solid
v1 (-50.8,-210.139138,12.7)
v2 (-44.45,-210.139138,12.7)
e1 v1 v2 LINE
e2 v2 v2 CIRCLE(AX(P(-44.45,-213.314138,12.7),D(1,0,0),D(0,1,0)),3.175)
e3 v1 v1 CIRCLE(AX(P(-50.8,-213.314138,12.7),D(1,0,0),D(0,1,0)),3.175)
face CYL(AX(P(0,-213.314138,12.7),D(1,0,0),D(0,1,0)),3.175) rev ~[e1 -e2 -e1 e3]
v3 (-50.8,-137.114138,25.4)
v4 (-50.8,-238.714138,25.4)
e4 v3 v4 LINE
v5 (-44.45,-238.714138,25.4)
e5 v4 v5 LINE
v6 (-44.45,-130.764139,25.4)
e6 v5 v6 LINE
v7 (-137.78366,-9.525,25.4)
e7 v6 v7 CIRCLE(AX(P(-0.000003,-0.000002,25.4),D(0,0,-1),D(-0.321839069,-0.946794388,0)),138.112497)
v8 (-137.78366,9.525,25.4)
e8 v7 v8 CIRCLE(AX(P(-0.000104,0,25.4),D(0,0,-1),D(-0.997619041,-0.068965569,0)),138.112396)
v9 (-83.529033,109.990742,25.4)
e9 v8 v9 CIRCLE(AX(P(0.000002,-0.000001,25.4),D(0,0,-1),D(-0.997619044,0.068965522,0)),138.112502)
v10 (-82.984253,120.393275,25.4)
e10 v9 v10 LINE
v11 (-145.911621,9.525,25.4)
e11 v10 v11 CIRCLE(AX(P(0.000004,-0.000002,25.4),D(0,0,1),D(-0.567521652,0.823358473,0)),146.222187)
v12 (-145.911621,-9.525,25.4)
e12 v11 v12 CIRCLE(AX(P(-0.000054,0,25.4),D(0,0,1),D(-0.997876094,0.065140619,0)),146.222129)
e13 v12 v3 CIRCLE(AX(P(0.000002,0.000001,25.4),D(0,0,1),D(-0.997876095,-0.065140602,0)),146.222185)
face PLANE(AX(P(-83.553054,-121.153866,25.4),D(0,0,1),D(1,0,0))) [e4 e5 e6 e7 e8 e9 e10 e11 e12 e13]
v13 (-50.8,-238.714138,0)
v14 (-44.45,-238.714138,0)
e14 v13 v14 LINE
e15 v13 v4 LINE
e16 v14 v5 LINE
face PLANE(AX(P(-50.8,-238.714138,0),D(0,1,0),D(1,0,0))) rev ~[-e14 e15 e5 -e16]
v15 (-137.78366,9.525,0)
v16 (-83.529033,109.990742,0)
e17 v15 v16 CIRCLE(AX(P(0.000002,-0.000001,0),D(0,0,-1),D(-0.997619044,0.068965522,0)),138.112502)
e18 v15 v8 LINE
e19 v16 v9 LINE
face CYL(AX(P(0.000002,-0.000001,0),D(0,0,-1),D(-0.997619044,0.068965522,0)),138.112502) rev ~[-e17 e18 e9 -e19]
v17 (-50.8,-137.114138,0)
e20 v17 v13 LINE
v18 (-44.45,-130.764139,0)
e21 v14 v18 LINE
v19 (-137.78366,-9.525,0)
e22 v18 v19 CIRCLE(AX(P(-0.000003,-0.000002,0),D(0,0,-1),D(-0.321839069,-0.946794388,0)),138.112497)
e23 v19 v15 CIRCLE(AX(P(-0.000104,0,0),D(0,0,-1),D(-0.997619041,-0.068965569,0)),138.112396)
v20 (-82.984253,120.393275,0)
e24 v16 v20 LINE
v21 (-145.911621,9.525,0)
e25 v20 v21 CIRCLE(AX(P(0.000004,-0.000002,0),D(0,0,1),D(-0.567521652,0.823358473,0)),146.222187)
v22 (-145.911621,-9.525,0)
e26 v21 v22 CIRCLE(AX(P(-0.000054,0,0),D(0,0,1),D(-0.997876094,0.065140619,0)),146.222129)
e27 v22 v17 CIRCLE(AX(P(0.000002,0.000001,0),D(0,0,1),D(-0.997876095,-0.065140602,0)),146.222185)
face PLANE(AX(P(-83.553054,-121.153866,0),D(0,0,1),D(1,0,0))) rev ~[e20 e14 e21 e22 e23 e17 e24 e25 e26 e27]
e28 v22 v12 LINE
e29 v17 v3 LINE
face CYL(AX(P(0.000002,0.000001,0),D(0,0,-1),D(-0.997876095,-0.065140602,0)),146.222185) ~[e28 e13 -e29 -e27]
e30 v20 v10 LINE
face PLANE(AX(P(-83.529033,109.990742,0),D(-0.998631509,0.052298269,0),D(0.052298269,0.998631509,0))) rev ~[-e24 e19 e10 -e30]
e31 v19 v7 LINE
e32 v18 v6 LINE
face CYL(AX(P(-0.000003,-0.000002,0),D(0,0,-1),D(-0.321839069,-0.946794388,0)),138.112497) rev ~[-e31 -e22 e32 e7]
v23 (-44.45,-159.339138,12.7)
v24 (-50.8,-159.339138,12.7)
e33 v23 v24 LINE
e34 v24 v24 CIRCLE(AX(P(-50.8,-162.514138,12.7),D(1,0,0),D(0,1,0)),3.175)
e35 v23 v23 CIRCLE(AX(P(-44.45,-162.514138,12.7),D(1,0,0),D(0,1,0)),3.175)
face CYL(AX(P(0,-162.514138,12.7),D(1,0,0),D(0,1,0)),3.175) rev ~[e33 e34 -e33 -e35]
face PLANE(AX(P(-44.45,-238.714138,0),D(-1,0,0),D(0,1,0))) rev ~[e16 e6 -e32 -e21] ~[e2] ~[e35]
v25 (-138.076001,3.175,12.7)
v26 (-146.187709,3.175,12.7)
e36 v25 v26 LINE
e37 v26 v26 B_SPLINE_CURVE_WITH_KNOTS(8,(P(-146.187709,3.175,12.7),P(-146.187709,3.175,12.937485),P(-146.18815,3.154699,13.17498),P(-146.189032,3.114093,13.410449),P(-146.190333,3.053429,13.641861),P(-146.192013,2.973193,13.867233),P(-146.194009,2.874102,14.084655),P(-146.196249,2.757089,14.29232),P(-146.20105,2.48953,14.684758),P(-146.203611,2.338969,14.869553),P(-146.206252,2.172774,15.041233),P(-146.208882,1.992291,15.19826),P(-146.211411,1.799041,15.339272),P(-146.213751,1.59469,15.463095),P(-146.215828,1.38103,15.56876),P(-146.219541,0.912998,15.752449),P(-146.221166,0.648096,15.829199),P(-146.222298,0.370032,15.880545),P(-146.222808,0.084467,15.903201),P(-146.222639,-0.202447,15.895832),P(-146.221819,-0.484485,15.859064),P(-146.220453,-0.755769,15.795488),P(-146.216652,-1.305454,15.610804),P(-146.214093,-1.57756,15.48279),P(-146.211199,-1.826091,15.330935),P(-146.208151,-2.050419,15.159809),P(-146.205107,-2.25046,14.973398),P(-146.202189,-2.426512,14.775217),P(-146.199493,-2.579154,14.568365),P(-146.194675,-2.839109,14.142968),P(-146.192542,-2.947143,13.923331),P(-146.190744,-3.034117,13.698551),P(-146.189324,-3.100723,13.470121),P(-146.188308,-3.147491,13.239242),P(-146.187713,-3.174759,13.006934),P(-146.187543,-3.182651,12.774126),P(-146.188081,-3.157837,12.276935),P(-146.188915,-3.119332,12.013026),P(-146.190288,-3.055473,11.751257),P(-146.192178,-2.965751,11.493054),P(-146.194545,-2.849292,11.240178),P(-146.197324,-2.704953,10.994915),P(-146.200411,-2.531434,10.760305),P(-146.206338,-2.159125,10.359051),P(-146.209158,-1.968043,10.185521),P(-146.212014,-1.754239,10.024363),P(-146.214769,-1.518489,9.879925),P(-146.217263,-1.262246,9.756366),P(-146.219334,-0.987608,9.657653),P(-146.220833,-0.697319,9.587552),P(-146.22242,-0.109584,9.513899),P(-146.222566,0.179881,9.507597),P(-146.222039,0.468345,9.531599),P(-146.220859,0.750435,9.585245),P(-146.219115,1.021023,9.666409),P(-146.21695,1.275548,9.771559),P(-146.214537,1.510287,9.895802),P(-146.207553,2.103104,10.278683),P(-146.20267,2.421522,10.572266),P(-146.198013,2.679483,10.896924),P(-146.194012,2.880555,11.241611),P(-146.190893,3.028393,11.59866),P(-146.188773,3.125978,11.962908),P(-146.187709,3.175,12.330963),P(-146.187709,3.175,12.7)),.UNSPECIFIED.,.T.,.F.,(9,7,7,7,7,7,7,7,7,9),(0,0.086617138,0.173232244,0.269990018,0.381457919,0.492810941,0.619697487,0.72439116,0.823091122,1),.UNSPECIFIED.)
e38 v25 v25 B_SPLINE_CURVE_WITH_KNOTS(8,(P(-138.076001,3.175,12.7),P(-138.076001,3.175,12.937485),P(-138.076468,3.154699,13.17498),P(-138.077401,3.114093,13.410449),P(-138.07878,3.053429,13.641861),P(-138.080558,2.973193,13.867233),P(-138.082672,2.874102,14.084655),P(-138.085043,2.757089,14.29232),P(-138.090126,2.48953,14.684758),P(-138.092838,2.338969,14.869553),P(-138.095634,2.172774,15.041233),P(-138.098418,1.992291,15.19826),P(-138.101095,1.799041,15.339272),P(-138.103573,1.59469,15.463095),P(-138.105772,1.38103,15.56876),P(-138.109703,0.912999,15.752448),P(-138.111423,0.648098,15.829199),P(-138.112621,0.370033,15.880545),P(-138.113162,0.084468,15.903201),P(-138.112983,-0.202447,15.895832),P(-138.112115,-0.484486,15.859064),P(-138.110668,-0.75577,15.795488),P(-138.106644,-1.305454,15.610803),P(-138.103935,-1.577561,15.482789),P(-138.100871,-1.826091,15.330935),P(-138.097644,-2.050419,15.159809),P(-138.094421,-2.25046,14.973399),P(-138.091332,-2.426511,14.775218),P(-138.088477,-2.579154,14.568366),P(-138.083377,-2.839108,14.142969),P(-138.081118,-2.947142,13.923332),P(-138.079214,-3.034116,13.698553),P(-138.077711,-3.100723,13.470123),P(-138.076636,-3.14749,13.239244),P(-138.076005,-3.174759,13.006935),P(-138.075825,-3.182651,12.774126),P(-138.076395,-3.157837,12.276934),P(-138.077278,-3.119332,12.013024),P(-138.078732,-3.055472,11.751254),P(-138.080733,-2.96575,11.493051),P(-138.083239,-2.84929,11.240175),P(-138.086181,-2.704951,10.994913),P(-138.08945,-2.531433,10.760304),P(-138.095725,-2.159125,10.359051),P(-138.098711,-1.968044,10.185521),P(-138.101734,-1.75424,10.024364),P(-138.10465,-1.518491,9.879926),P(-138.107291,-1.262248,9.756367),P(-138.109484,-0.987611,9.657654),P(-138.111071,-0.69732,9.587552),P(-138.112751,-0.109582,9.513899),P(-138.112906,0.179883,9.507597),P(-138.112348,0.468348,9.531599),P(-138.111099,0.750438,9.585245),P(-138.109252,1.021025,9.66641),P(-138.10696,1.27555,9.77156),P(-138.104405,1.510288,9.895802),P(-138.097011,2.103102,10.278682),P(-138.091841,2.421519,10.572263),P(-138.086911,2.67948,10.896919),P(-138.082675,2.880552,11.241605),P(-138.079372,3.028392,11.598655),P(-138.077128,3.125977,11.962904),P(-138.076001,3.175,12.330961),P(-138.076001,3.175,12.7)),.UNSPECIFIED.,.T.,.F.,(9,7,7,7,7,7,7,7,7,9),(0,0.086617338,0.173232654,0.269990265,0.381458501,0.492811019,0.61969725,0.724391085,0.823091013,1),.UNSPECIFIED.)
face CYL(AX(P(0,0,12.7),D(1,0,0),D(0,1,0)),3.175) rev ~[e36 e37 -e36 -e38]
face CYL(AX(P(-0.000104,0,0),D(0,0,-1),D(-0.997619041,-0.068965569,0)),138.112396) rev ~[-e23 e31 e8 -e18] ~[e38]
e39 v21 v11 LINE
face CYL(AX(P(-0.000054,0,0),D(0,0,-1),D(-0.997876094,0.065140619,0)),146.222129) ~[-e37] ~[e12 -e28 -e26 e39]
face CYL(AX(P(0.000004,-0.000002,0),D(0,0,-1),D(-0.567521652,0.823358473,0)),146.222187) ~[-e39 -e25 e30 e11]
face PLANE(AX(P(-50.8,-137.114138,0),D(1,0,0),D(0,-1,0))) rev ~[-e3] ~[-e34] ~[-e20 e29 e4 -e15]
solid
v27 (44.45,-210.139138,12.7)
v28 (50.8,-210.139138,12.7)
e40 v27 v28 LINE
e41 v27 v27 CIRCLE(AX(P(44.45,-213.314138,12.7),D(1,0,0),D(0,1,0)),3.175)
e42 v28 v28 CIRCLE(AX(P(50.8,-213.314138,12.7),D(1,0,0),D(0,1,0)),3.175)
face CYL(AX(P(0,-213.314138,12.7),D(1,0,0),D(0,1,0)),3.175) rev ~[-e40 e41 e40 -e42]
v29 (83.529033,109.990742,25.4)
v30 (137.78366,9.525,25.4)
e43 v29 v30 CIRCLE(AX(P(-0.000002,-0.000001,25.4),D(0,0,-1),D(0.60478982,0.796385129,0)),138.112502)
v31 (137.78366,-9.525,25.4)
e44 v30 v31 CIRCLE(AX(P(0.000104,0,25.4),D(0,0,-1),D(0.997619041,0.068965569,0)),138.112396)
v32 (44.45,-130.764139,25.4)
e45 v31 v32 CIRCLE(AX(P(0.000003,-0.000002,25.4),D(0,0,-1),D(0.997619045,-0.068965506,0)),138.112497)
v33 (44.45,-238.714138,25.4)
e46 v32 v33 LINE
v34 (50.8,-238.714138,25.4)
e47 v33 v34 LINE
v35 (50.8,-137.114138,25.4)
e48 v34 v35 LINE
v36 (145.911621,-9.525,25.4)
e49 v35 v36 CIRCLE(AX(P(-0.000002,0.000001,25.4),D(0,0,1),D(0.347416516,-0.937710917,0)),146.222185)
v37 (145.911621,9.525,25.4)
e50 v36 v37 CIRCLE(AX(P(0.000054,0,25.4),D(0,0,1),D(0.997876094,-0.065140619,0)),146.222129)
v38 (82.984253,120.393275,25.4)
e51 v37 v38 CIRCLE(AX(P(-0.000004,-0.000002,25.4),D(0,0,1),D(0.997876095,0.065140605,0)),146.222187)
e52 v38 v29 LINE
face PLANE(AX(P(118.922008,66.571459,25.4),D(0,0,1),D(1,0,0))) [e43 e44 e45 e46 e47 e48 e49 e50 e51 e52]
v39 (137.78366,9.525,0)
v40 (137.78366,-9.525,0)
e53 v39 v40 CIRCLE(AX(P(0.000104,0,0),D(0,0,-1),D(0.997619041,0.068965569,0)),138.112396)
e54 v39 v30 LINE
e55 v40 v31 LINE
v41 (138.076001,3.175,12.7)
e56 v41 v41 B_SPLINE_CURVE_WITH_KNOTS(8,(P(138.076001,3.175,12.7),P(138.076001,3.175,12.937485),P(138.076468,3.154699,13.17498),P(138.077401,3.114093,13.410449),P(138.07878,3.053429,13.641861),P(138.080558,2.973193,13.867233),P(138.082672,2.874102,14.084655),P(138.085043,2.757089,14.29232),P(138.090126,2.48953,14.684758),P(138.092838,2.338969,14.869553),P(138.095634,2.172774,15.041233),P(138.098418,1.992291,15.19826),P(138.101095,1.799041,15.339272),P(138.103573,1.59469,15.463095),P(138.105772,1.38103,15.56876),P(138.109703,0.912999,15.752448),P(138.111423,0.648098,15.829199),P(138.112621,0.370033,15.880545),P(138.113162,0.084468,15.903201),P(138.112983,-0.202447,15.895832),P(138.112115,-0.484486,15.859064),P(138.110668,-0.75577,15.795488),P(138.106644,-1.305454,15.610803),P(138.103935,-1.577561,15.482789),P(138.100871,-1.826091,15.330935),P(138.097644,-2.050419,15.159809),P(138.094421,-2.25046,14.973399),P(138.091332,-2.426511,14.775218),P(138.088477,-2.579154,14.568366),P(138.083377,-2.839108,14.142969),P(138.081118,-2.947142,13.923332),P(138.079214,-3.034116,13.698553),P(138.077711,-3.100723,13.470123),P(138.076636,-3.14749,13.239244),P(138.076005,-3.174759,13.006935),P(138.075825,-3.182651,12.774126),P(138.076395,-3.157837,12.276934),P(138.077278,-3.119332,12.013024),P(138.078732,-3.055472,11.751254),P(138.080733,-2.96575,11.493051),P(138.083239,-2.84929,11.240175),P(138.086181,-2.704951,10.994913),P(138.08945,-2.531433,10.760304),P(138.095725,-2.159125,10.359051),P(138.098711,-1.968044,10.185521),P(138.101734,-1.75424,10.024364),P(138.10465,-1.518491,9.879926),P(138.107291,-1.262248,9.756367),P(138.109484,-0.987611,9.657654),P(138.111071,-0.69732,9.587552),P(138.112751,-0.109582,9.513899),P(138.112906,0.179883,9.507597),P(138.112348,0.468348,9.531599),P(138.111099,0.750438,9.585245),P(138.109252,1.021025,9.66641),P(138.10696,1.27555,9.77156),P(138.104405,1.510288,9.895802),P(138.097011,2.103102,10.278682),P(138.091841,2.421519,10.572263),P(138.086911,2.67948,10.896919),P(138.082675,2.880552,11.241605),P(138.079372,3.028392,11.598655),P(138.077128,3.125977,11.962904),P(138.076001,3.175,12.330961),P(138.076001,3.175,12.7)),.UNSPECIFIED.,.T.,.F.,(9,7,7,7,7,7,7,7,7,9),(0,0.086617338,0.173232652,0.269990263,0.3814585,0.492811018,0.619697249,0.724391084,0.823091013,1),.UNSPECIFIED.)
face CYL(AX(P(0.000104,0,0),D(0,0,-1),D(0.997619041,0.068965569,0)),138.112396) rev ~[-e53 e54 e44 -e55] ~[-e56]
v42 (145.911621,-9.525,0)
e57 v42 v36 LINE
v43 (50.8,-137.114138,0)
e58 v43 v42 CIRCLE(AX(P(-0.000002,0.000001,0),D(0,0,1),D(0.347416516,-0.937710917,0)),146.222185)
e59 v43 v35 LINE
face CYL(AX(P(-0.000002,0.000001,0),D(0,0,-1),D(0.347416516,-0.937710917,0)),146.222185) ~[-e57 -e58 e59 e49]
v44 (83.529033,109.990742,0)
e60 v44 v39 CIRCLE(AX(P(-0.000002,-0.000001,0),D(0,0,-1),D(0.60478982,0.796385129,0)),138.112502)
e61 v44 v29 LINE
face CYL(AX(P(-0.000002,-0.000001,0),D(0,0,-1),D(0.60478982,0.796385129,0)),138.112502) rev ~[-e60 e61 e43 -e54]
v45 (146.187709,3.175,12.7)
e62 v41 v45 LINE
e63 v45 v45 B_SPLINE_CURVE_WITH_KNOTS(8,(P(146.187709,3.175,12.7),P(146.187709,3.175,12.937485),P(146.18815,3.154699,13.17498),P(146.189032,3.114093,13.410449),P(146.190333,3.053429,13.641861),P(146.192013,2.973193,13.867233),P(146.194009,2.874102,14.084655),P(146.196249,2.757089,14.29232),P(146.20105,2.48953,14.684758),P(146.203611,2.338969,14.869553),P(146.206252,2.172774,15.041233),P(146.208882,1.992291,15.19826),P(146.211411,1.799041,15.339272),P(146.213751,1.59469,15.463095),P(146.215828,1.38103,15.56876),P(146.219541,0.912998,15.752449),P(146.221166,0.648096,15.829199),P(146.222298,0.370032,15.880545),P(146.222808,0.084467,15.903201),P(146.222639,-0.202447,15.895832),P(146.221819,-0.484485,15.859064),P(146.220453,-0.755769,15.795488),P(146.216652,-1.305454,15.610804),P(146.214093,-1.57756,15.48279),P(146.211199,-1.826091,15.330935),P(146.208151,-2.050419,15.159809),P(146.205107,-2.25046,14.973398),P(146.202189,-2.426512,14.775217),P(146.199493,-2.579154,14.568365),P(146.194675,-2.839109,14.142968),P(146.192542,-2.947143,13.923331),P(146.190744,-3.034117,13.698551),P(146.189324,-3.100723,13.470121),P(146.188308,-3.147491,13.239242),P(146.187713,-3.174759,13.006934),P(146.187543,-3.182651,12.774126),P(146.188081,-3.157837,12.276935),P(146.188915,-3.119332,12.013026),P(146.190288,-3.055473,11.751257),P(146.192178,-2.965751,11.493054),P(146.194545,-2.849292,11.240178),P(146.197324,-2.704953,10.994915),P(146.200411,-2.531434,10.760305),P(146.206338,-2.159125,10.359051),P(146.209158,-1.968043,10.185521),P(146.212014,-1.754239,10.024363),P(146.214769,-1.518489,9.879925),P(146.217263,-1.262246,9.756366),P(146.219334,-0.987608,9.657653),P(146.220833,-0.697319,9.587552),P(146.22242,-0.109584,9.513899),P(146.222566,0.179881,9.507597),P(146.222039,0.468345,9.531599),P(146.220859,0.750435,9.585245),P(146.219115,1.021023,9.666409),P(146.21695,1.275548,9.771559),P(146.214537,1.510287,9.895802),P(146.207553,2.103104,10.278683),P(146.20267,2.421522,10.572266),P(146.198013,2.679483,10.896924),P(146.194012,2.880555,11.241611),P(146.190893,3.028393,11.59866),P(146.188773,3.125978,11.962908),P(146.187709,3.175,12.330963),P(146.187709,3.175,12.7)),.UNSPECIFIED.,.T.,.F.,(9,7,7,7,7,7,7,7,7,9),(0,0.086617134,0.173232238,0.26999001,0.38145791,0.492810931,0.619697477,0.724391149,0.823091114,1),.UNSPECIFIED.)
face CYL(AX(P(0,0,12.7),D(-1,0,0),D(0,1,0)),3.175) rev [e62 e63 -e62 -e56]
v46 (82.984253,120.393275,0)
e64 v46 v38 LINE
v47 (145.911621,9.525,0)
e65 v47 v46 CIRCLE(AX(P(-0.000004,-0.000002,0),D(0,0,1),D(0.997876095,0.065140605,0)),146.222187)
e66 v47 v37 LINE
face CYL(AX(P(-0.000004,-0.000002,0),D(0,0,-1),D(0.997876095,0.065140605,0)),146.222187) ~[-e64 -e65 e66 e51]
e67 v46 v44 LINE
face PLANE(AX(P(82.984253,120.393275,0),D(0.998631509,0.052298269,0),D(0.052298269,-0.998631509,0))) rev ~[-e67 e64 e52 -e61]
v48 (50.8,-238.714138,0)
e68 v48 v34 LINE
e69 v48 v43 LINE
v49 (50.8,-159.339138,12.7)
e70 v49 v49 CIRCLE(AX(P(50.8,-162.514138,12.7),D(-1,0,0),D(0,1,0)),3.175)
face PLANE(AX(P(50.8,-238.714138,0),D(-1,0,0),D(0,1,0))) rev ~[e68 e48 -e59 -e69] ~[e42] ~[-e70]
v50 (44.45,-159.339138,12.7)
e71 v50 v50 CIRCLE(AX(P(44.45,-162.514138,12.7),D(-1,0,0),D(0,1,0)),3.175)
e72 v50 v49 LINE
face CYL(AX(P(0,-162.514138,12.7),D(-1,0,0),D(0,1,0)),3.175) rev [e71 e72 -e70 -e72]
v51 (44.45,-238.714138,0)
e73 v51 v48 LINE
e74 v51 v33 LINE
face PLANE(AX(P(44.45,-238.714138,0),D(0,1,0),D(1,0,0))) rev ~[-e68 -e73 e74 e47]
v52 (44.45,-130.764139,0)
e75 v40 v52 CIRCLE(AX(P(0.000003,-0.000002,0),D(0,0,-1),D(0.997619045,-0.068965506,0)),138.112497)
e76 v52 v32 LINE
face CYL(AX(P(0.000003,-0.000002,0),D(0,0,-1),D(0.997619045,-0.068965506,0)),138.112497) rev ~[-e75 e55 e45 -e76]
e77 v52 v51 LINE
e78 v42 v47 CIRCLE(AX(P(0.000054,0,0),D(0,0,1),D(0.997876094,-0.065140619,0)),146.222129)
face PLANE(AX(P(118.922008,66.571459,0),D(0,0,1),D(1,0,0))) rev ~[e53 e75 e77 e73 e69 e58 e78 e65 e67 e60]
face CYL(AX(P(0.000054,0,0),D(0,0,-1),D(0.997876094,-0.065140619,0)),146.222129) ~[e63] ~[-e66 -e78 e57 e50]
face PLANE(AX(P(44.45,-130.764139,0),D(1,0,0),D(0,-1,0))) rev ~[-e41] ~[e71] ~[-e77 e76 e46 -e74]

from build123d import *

# Parameters (mm, degrees)
F1_DEPTH = 25.4
F2_R     = 3.175
F3_DEPTH = 203.2


with BuildPart() as f1:
    # F0 (on Top) → F1 (new body)
    with BuildSketch(Plane.XY):
        with BuildLine():
            Line((-44.45, -238.714138), (-44.45, -130.764139))
            ThreePointArc((-44.45, -130.764139), (-109.439522, -84.249948), (-137.78366, -9.525))
            Line((-137.78366, -9.525), (-145.911621, -9.525))
            ThreePointArc((-145.911621, -9.525), (-117.233154, -87.391729), (-50.8, -137.114138))
            Line((-50.8, -137.114138), (-50.8, -238.714138))
            Line((-50.8, -238.714138), (-44.45, -238.714138))
        make_face()
        with BuildLine():
            Line((-145.911621, -9.525), (-137.78366, -9.525))
            ThreePointArc((-137.78366, -9.525), (-138.1125, 0), (-137.78366, 9.525))
            Line((-137.78366, 9.525), (-145.911621, 9.525))
            Line((-145.911621, 9.525), (-145.911621, -9.525))
        make_face()
        with BuildLine():
            Line((-145.911621, 9.525), (-137.78366, 9.525))
            ThreePointArc((-137.78366, 9.525), (-121.524353, 65.626932), (-83.529033, 109.990742))
            Line((-83.529033, 109.990742), (-82.984253, 120.393275))
            ThreePointArc((-82.984253, 120.393275), (-127.166323, 72.177926), (-145.911621, 9.525))
        make_face()
        with BuildLine():
            ThreePointArc((-145.911621, 9.525), (-146.222183, 0), (-145.911621, -9.525))
            Line((-145.911621, -9.525), (-145.911621, 9.525))
        make_face()
        with BuildLine():
            ThreePointArc((145.911621, 9.525), (127.166323, 72.177926), (82.984253, 120.393275))
            Line((82.984253, 120.393275), (83.529033, 109.990742))
            ThreePointArc((83.529033, 109.990742), (121.524353, 65.626932), (137.78366, 9.525))
            Line((137.78366, 9.525), (145.911621, 9.525))
        make_face()
        with BuildLine():
            Line((145.911621, -9.525), (145.911621, 9.525))
            Line((145.911621, 9.525), (137.78366, 9.525))
            ThreePointArc((137.78366, 9.525), (138.1125, 0), (137.78366, -9.525))
            Line((137.78366, -9.525), (145.911621, -9.525))
        make_face()
        with BuildLine():
            ThreePointArc((145.911621, -9.525), (146.222183, 0), (145.911621, 9.525))
            Line((145.911621, 9.525), (145.911621, -9.525))
        make_face()
        with BuildLine():
            ThreePointArc((50.8, -137.114138), (117.233154, -87.391729), (145.911621, -9.525))
            Line((145.911621, -9.525), (137.78366, -9.525))
            ThreePointArc((137.78366, -9.525), (109.439522, -84.249948), (44.45, -130.764139))
            Line((44.45, -130.764139), (44.45, -238.714138))
            Line((44.45, -238.714138), (50.8, -238.714138))
            Line((50.8, -238.714138), (50.8, -137.114138))
        make_face()
    extrude(amount=F1_DEPTH)

    # F2 (on Right) → F3 (cut, symmetric)
    with BuildSketch(Plane.YZ):
        with Locations((0, 12.7)):
            Circle(F2_R)
        with Locations((-162.514138, 12.7)):
            Circle(F2_R)
        with Locations((-213.314138, 12.7)):
            Circle(F2_R)
    extrude(amount=F3_DEPTH, both=True, mode=Mode.SUBTRACT)


solid = f1.part
